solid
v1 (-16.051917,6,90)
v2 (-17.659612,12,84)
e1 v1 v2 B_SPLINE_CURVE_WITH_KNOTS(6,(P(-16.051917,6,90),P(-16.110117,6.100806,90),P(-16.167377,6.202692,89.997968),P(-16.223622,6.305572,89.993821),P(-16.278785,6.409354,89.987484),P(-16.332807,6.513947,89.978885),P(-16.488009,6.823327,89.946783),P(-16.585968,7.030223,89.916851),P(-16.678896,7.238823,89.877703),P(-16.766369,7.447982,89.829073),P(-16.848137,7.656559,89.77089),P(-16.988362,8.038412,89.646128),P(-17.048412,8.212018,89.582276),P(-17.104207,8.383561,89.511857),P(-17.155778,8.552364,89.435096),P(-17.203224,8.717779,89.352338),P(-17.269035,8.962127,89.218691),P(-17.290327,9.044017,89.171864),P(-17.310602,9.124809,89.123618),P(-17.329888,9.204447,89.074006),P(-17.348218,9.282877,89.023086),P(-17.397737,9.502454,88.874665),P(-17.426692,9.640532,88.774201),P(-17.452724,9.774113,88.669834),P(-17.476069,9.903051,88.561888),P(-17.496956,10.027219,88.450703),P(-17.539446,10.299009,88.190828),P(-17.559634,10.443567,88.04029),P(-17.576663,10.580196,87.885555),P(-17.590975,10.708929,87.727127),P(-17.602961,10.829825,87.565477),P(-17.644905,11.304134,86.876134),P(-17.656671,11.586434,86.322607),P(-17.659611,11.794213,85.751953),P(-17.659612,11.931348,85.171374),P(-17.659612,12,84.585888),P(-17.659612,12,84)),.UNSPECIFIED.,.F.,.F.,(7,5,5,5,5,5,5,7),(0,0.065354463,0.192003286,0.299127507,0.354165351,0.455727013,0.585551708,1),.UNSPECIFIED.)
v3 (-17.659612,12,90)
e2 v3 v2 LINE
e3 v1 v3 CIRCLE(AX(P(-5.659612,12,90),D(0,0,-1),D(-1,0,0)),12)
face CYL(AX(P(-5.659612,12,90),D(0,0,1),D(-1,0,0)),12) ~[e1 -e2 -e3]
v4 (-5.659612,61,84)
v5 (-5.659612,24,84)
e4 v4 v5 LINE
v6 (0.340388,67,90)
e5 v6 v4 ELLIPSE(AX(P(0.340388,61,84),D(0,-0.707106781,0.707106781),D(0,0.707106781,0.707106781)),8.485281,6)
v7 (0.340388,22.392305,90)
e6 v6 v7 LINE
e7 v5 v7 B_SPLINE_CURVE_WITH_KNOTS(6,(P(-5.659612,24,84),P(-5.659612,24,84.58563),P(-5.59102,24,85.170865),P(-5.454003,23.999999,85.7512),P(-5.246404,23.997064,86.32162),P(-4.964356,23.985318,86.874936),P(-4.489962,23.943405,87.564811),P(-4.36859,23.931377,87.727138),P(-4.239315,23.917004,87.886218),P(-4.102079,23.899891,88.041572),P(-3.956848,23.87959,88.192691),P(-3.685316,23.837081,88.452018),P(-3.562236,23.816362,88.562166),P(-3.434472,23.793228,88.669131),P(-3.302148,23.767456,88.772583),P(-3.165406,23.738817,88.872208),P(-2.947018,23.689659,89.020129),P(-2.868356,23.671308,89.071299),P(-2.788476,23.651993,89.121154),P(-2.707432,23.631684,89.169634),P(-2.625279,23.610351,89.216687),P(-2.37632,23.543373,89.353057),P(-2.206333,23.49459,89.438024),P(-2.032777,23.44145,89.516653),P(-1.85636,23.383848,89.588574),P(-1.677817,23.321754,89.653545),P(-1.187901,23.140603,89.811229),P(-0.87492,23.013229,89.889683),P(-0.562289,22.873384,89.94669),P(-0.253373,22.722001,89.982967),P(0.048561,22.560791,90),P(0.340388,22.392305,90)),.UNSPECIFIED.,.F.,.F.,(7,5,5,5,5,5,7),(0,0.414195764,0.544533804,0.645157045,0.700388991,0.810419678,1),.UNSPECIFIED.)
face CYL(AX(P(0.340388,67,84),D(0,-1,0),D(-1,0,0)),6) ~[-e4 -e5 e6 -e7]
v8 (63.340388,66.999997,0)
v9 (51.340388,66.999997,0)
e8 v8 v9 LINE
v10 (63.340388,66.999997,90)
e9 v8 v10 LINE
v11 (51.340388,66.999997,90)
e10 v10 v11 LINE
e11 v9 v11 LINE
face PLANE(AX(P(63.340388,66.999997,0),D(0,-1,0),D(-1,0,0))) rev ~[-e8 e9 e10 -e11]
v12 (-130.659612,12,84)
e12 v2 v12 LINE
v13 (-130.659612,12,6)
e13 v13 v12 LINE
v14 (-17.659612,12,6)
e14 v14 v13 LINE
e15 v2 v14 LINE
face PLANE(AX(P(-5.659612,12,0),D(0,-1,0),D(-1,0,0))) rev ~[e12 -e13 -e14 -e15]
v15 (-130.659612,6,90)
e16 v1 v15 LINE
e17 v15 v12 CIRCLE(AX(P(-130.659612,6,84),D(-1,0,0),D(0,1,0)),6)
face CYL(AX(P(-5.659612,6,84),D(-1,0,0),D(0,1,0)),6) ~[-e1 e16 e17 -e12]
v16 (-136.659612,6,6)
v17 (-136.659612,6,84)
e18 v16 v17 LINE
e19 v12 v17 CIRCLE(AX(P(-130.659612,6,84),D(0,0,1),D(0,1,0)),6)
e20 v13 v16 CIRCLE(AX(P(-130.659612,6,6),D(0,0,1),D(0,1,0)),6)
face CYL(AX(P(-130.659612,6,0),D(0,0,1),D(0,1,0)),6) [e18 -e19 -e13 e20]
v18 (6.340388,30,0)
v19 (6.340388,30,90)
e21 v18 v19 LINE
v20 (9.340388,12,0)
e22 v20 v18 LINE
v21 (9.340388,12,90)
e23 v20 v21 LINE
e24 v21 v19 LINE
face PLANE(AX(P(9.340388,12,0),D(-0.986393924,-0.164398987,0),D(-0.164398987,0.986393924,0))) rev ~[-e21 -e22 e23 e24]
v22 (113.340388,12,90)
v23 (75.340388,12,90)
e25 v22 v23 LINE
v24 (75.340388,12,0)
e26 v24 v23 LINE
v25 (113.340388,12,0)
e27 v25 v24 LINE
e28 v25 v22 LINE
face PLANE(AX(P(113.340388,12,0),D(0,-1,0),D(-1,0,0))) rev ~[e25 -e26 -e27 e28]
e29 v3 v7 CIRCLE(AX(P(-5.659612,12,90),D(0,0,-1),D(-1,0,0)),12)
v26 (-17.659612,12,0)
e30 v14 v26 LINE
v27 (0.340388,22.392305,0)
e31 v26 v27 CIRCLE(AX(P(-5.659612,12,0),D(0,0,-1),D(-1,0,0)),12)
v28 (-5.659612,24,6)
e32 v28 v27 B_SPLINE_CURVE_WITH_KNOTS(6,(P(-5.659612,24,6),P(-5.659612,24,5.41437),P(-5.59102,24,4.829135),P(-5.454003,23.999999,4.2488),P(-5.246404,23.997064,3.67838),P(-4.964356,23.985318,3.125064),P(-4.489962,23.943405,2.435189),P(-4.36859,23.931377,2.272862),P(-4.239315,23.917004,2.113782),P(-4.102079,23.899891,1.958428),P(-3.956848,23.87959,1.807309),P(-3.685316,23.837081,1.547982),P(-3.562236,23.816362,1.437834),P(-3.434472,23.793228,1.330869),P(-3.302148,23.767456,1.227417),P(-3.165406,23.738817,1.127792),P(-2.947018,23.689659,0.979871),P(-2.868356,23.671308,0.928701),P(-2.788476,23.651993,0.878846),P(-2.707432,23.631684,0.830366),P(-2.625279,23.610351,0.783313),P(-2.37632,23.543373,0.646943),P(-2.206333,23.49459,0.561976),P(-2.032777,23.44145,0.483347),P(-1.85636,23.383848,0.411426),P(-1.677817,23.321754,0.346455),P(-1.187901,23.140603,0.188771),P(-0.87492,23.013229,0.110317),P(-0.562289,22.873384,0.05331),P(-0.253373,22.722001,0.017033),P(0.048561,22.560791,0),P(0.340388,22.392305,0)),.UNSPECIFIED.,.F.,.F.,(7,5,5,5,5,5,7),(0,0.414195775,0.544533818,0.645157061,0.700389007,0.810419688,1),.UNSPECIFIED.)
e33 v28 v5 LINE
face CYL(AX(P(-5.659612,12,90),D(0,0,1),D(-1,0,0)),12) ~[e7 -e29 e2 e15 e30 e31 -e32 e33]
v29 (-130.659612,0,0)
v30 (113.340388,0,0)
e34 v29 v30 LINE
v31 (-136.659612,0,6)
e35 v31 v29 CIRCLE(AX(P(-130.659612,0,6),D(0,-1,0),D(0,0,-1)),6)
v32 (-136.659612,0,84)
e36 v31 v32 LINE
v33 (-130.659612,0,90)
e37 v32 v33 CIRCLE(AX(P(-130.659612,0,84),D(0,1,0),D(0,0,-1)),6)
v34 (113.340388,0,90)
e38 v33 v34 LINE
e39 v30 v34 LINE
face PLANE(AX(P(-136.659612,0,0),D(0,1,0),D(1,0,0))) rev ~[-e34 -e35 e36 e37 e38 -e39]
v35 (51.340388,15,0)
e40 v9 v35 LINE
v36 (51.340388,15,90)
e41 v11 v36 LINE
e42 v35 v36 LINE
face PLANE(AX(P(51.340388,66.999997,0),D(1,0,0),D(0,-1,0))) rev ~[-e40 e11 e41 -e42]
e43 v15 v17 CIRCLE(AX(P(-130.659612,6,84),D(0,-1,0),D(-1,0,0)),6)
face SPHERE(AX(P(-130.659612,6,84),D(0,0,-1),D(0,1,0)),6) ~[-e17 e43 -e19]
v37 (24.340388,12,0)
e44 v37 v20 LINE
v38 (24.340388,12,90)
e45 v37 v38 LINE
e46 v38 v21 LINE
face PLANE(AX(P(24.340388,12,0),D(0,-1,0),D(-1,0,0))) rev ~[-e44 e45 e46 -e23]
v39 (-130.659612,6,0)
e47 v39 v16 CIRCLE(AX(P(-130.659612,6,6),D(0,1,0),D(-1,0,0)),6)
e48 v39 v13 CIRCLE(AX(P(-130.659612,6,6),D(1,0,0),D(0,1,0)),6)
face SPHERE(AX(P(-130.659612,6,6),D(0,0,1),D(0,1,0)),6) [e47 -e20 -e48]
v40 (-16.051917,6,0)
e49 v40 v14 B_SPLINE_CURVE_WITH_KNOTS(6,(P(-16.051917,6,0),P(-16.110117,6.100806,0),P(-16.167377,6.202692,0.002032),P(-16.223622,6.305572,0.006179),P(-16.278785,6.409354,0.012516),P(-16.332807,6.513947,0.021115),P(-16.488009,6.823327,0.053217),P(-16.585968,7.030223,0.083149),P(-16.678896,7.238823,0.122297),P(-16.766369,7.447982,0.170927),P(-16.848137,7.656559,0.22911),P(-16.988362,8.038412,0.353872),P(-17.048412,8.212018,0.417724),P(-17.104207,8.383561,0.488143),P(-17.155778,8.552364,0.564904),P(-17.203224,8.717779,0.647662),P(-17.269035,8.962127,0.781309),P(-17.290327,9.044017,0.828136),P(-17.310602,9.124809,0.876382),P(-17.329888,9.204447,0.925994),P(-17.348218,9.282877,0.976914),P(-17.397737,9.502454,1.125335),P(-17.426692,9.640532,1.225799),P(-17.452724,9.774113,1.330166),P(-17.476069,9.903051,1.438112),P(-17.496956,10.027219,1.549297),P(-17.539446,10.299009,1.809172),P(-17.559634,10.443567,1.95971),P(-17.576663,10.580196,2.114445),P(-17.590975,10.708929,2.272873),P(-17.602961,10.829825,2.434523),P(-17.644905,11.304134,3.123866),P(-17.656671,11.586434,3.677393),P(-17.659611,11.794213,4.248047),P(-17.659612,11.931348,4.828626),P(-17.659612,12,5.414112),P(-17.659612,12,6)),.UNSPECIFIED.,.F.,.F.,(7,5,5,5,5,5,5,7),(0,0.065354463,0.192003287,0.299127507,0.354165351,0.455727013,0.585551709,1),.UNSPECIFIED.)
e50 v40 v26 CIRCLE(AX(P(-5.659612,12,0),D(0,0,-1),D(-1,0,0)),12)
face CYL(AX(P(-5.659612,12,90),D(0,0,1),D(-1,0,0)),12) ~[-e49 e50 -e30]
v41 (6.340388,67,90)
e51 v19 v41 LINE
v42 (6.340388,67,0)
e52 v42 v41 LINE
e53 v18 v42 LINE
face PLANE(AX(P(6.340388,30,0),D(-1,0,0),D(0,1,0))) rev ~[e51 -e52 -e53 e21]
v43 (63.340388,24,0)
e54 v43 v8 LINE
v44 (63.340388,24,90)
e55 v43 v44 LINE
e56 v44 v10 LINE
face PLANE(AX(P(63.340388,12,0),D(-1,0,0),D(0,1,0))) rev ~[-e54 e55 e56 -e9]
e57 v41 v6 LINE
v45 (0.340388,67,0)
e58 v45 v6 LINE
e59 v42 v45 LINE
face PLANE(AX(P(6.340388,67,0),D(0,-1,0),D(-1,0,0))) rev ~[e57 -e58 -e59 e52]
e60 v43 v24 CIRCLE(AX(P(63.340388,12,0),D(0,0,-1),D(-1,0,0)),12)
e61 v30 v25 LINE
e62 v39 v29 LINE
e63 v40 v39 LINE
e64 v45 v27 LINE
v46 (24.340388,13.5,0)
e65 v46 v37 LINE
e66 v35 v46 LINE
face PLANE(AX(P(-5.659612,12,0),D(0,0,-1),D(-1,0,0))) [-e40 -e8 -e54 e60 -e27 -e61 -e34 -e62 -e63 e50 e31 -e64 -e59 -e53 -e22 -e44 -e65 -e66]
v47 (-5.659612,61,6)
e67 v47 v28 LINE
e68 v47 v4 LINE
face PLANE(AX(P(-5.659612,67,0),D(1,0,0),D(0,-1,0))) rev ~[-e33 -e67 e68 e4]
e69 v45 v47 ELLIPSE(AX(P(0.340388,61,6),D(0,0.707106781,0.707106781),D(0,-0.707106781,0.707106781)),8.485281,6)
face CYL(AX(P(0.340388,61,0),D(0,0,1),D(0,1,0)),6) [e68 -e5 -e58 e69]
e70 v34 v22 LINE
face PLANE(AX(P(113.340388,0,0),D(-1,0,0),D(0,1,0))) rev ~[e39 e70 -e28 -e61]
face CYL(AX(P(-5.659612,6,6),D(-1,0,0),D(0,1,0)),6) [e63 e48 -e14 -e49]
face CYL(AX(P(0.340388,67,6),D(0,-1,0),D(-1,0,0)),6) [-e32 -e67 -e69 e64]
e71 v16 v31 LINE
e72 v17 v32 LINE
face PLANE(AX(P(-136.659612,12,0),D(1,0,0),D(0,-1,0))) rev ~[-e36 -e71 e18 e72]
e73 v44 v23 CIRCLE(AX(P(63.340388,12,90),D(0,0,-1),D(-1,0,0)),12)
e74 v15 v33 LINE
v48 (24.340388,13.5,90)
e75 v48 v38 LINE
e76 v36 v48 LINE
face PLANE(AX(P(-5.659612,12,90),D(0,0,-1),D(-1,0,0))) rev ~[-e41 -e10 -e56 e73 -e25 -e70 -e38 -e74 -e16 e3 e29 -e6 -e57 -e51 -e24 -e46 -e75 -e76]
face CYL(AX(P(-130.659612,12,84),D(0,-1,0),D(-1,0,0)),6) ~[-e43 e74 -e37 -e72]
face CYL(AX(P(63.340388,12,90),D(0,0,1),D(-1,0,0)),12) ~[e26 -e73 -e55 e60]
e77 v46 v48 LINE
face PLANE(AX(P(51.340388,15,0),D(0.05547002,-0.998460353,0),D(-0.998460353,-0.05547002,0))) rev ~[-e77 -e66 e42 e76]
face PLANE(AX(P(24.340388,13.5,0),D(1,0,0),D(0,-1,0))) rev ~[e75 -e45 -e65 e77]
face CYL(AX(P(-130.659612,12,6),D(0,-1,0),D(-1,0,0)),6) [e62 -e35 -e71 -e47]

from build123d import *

# Parameters (mm, degrees)
PAD_DEPTH         = 90
FILLET_R          = 6
CYLINDER_R        = 12
CYLINDER_DEPTH    = 90
CYLINDER001_R     = 12
CYLINDER001_DEPTH = 90


with BuildPart() as part:
    # Sketch → Pad (new body)
    with BuildSketch(Plane.XY):
        Polygon((-136.659612, 0), (113.340388, 0), (113.340388, 12), (63.340388, 12), (63.340388, 66.999997), (51.340388, 66.999997), (51.340388, 15), (24.340388, 13.5), (24.340388, 12), (9.340388, 12), (6.340388, 30), (6.340388, 67), (-5.659612, 67), (-5.659612, 12), (-136.659612, 12), align=None)
    extrude(amount=PAD_DEPTH)

    # Fillet
    fillet_edges = [part.edges().sort_by_distance(p)[0] for p in [
        (-136.659612, 12, 45),
        (-71.159612, 12, 90),
        (-71.159612, 12, 0),
        (-5.659612, 67, 45),
        (-5.659612, 39.5, 0),
        (-5.659612, 39.5, 90),
        (-136.659612, 6, 0),
        (-136.659612, 6, 90),
    ]]
    fillet(fillet_edges, radius=FILLET_R)

    # Cylinder → Cylinder (join)
    with BuildSketch(Plane(origin=(-5.659612, 12, 90), x_dir=(-1, 0, 0), z_dir=(0, 0, -1))):
        Circle(CYLINDER_R)
    extrude(amount=CYLINDER_DEPTH)

    # Cylinder001 → Cylinder001 (join)
    with BuildSketch(Plane(origin=(63.340388, 12, 90), x_dir=(-1, 0, 0), z_dir=(0, 0, -1))):
        Circle(CYLINDER001_R)
    extrude(amount=CYLINDER001_DEPTH)


solid = part.part
